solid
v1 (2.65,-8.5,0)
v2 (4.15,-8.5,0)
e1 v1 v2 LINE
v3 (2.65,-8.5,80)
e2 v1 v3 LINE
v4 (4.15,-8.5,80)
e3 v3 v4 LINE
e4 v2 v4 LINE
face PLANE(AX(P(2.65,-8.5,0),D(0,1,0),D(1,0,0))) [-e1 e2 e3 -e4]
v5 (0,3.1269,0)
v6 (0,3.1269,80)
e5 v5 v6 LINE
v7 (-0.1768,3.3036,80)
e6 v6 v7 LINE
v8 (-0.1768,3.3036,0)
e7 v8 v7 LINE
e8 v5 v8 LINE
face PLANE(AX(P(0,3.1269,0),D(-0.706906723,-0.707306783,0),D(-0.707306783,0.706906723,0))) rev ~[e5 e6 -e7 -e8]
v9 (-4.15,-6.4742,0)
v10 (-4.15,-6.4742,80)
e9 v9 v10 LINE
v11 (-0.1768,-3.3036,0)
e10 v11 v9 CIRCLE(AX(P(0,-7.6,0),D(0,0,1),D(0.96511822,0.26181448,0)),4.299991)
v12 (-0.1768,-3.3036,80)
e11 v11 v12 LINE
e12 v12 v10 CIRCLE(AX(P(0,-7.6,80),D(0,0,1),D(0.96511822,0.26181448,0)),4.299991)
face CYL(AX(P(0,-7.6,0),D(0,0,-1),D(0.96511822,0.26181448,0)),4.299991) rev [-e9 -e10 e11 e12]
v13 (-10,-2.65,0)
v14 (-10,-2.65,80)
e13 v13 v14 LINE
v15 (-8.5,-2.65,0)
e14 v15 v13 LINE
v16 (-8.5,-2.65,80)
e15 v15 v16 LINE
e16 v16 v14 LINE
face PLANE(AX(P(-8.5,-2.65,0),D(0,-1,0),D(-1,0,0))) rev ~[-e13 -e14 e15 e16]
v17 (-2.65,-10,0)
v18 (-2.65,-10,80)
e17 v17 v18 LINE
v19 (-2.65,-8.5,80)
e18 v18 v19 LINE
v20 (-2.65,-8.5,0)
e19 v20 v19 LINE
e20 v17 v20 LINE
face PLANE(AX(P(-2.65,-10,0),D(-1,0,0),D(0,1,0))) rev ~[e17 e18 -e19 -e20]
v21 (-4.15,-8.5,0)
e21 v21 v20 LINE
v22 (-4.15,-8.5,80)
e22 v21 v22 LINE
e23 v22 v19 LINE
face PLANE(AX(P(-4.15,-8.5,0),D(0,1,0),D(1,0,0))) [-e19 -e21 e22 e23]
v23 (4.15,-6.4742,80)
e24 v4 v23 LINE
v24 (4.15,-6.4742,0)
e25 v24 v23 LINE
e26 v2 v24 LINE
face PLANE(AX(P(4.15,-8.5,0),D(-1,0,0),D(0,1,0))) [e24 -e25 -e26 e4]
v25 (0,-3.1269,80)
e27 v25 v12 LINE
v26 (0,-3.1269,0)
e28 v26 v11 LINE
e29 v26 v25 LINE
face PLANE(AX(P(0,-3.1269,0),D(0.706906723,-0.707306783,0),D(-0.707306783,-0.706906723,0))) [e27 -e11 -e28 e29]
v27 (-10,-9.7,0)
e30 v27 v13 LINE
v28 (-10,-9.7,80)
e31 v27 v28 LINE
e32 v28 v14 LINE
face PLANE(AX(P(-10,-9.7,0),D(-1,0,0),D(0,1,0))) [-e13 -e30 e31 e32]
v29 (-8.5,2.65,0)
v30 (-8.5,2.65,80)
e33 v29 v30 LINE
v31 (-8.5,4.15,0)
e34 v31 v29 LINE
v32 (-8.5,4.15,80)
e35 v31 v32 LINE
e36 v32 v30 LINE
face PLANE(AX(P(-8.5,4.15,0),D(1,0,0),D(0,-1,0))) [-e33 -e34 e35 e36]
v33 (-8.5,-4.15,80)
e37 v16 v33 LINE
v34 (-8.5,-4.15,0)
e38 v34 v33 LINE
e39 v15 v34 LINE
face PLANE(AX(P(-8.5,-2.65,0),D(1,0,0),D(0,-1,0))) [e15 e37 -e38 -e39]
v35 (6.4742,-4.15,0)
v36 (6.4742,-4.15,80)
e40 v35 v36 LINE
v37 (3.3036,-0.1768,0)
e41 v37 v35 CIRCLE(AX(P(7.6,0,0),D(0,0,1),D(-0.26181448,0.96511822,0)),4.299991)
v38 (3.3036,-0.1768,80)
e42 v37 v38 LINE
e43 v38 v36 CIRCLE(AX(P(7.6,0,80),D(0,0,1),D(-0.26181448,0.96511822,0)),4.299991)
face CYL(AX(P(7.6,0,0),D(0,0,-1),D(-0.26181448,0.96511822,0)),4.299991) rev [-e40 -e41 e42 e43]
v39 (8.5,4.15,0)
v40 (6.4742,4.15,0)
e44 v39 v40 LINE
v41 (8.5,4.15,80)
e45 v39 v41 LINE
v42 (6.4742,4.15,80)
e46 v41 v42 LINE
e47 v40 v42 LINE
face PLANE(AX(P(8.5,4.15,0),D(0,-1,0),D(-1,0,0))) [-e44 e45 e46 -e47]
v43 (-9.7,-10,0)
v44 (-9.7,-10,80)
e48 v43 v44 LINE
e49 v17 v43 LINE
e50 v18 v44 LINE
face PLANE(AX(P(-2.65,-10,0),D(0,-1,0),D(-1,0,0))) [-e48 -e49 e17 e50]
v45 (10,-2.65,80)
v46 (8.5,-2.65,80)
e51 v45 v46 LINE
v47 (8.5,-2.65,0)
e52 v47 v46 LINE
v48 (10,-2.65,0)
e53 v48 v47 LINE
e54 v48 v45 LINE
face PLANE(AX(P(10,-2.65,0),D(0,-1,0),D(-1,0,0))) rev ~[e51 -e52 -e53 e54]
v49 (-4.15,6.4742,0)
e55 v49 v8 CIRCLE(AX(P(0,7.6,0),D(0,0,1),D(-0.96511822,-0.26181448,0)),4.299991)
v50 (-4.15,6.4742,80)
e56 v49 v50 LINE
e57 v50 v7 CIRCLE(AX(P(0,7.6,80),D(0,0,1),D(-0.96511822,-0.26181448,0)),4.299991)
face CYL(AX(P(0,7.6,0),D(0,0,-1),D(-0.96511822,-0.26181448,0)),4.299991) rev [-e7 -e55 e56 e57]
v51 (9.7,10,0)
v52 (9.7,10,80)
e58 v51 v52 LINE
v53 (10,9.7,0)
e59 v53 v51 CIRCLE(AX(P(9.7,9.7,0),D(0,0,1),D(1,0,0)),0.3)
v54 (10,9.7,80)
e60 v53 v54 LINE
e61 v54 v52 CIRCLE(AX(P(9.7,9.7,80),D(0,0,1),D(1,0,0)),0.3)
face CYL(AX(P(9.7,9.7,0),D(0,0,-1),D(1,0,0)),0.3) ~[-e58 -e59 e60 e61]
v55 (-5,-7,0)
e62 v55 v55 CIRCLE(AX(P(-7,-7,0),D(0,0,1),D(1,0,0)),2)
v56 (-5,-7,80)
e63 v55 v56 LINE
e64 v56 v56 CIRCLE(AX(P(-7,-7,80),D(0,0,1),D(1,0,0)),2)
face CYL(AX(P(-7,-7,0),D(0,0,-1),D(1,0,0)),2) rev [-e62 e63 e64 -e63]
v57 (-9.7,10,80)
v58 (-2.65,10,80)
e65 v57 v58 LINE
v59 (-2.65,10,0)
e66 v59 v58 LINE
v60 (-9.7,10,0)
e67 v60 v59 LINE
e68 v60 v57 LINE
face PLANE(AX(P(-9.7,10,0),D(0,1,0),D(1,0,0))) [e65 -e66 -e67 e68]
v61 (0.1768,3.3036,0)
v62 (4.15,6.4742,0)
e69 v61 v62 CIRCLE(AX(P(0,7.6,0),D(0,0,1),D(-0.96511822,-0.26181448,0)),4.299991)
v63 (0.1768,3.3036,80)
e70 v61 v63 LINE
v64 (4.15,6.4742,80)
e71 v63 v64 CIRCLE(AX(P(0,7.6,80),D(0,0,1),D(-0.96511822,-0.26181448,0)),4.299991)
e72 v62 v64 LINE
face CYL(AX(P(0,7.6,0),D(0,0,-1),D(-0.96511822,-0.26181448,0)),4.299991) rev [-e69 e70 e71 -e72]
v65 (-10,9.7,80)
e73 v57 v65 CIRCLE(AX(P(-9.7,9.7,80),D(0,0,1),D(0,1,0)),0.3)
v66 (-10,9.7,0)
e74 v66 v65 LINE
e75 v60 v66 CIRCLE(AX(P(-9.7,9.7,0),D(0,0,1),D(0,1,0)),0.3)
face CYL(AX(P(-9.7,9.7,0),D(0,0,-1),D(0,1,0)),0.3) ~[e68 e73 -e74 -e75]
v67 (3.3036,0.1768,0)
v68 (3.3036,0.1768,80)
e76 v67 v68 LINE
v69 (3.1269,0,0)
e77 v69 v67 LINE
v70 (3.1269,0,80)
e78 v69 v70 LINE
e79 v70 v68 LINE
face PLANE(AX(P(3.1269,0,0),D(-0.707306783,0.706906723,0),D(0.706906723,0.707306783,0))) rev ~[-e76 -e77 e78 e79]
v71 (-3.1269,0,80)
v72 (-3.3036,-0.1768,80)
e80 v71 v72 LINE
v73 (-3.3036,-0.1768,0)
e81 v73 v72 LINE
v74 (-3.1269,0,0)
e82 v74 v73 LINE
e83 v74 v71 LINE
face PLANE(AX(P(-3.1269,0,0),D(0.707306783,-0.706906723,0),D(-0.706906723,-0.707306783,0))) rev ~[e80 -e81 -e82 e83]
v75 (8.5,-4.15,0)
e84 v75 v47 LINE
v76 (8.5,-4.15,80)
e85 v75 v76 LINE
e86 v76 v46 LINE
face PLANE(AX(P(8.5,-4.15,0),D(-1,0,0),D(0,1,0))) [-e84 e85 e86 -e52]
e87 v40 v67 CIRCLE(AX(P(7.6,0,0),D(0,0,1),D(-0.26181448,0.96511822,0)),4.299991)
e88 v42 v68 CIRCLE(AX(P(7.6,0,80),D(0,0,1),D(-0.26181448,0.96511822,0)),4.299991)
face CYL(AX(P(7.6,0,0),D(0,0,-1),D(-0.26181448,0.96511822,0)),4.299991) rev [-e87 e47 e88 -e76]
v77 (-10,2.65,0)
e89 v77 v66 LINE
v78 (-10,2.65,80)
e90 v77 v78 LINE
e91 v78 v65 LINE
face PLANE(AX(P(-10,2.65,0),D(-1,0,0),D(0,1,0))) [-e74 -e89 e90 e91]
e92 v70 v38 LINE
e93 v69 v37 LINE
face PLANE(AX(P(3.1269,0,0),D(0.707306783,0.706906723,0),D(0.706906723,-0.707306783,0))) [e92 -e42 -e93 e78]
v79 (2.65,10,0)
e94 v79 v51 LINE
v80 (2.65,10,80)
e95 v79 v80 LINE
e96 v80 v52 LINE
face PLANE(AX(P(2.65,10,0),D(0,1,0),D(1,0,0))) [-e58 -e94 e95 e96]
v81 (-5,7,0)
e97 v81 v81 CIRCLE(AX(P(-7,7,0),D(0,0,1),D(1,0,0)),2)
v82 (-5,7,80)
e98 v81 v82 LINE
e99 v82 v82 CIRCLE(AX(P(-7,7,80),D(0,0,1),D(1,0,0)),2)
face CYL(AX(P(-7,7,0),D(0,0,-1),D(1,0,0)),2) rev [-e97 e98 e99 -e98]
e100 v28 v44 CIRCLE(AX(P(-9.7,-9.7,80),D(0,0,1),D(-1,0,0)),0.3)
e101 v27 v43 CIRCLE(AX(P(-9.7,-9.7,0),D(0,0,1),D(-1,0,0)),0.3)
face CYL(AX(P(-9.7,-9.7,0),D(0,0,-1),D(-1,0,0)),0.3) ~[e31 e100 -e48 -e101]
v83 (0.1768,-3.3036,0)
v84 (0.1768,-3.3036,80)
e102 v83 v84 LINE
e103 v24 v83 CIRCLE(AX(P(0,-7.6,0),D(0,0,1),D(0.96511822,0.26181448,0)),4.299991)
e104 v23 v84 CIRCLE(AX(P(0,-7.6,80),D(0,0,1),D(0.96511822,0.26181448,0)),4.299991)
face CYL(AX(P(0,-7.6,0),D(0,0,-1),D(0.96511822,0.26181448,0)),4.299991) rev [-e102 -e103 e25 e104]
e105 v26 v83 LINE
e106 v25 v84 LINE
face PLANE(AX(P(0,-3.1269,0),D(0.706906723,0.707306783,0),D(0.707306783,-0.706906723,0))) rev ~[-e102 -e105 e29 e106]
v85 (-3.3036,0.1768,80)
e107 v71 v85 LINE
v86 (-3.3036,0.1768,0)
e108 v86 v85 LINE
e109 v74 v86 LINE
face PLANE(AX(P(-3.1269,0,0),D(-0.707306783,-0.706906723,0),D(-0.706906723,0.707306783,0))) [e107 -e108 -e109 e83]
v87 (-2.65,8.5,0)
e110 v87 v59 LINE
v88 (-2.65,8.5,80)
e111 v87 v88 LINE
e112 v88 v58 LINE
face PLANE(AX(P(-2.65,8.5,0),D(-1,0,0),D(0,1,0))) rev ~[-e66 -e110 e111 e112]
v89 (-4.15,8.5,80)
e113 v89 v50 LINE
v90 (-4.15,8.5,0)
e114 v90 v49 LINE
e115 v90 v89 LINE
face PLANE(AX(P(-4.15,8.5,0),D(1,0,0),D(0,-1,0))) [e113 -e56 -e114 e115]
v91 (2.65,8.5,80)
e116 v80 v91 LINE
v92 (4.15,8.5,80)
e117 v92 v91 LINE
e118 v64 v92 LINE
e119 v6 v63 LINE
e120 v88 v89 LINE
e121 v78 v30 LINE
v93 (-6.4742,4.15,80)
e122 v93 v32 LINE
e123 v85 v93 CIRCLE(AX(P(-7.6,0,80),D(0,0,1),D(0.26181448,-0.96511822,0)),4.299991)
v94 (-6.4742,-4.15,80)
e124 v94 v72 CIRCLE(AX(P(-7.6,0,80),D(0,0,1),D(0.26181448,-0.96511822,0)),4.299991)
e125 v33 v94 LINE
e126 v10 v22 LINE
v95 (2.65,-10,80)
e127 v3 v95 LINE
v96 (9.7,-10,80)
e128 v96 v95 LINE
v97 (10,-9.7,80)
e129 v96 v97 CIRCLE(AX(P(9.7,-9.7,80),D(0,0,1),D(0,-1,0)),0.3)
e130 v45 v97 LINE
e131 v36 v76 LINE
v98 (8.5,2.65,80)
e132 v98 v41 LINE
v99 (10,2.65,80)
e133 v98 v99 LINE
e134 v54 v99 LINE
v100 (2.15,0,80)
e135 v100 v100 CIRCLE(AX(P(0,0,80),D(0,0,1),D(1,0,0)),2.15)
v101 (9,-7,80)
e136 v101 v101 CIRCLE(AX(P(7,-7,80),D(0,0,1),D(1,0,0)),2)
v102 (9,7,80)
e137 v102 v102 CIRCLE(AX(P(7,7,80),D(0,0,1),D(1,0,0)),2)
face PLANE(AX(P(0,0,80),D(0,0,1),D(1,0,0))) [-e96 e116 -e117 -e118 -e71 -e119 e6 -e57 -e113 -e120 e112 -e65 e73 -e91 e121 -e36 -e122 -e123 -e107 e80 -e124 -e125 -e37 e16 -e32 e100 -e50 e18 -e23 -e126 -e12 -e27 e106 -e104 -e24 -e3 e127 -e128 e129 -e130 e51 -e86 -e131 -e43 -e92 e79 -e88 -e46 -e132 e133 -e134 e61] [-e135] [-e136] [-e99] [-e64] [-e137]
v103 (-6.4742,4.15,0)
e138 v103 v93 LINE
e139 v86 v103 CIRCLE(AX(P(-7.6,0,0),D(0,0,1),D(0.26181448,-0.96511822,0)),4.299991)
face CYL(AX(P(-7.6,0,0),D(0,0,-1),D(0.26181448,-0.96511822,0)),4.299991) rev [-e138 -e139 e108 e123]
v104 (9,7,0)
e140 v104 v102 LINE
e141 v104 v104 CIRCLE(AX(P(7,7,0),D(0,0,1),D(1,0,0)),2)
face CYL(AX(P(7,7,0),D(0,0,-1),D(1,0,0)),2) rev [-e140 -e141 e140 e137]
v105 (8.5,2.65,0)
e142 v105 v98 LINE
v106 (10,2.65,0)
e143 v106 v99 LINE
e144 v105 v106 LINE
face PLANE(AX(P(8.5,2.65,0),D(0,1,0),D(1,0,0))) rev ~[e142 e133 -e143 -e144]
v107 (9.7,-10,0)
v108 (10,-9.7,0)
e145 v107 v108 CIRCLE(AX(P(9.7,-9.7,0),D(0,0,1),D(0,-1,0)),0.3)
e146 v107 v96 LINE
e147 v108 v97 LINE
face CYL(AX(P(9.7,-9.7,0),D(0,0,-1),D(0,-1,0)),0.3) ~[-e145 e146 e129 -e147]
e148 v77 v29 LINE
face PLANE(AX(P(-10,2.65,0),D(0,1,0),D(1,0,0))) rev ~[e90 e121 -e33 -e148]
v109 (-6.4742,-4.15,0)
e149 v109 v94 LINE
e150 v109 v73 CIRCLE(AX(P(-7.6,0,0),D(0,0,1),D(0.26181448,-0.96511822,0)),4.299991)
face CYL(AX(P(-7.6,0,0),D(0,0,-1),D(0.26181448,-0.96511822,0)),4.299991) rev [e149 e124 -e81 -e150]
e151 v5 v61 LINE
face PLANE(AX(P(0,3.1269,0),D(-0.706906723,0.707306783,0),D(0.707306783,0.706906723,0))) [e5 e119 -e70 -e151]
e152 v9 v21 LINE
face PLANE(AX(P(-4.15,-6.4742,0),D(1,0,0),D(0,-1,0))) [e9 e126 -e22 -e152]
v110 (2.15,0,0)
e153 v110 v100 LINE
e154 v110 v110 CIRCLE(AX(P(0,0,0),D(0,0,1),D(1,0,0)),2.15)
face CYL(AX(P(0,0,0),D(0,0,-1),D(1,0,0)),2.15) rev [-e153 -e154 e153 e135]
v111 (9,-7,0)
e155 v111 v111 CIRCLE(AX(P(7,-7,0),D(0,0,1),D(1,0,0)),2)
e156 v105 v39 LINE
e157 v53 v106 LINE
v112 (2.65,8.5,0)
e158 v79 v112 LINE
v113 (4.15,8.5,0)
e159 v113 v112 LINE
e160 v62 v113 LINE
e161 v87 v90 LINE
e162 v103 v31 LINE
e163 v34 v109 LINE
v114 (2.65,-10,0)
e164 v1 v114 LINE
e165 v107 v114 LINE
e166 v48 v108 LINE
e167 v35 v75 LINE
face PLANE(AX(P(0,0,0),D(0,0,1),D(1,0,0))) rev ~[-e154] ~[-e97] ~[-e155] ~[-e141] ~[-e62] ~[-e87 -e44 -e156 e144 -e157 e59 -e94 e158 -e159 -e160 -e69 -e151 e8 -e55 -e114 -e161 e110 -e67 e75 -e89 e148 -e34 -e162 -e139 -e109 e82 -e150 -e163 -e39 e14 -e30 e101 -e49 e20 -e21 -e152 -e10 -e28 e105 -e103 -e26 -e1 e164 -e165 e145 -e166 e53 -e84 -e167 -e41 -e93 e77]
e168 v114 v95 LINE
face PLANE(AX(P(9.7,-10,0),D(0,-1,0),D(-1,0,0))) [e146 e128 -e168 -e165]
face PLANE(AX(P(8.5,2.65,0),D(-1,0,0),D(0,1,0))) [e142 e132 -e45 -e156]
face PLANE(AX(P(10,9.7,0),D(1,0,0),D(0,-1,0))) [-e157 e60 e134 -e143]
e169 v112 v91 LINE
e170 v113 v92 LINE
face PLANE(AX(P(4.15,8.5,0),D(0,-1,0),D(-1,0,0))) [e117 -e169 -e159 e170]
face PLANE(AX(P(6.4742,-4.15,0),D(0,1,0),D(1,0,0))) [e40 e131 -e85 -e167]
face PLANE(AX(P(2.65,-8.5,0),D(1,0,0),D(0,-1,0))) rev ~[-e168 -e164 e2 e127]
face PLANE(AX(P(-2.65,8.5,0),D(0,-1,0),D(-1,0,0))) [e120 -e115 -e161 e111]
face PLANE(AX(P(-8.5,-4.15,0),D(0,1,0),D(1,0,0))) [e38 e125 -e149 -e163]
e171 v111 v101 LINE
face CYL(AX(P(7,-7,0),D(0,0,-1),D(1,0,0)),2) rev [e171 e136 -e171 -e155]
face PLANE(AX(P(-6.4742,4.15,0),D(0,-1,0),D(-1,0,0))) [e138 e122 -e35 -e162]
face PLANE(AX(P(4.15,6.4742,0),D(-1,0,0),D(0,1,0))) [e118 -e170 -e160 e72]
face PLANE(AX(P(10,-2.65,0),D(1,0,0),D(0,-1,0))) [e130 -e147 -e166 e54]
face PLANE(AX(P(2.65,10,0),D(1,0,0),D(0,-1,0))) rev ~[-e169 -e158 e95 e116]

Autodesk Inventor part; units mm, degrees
ref_plane "YZ Plane" through (0, 0, 0) normal (1, 0, 0) x (0, 1, 0)
ref_plane "XZ Plane" through (0, 0, 0) normal (0, 1, 0) x (-1, 0, 0)
ref_plane "XY Plane" through (0, 0, 0) normal (0, 0, 1) x (1, 0, 0)
sketch "스케치1" plane through (0, 0, 0) normal (0, 0, 1) x (1, 0, 0)
  line L0 (9.7, -10) -> (-9.7, -10)
  line L1 (-10, -9.7) -> (-10, 9.7)
  line L2 (-9.7, 10) -> (9.7, 10)
  line L3 (10, 9.7) -> (10, -9.7)
  line L4 (10, -10) -> (-10, 10) construction
  line L5 (-10, -10) -> (10, 10) construction
  line L6 (7, -7) -> (-7, -7) construction
  line L7 (-7, -7) -> (-7, 7) construction
  line L8 (-7, 7) -> (7, 7) construction
  line L9 (7, 7) -> (7, -7) construction
  line L10 (7, -7) -> (-7, 7) construction
  line L11 (-7, -7) -> (7, 7) construction
  circle A0 centre (-7, 7) radius 2
  circle A1 centre (0, 0) radius 2.15
  arc A2 (9.7, -10) -> (10, -9.7) centre (9.7, -9.7) ccw
  arc A3 (-10, -9.7) -> (-9.7, -10) centre (-9.7, -9.7) ccw
  arc A4 (-9.7, 10) -> (-10, 9.7) centre (-9.7, 9.7) ccw
  arc A5 (10, 9.7) -> (9.7, 10) centre (9.7, 9.7) ccw
  line L12 (0, 10) -> (0, -10) construction
  line L13 (10, 0) -> (-10, 0) construction
  line L14 (2.65, -10) -> (-2.65, -10)
  line L15 (-2.65, -10) -> (-2.65, -8.5)
  line L16 (-2.65, -8.5) -> (2.65, -8.5)
  line L17 (2.65, -8.5) -> (2.65, -10)
  line L18 (4.15, -3.3) -> (-4.15, -3.3) construction
  line L19 (-4.15, -3.3) -> (-4.15, -8.5) construction
  line L20 (-4.15, -8.5) -> (4.15, -8.5)
  line L21 (4.15, -8.5) -> (4.15, -3.3) construction
  arc A6 (4.15, -6.4742) -> (-4.15, -6.4742) centre (0, -7.6) ccw
  line L22 (42.9153, -82.9009) -> (54.7664, -82.9009) construction
  line L23 (54.7664, -82.9009) -> (54.7664, -95.6544) construction
  line L24 (54.7664, -95.6544) -> (42.9153, -95.6544) construction
  line L25 (42.9153, -95.6544) -> (42.9153, -82.9009) construction
  arc A7 (44.9755, -91.1725) -> (50.2986, -91.1614) centre (47.6297, -87.6532) ccw
  line L26 (0, -3.1269) -> (-0.1768, -3.3036)
  line L27 (0, -3.1269) -> (0, -3.3) construction
  line L28 (0, -3.1269) -> (0.1731, -3.1269) construction
  line L29 (47.4573, -92.1078) -> (47.6389, -92.3063)
  line L30 (0, -3.1269) -> (0.1768, -3.3036)
  line L31 (-4.15, -6.4742) -> (-4.15, -8.5)
  line L32 (4.15, -8.5) -> (4.15, -6.4742)
  arc A8 (6.4742, 4.15) -> (6.4742, -4.15) centre (7.6, 0) ccw
  line L33 (8.5, 4.15) -> (6.4742, 4.15)
  line L34 (3.3, -4.15) -> (8.5, -4.15) construction
  line L35 (6.4742, -4.15) -> (8.5, -4.15)
  line L36 (8.5, -4.15) -> (8.5, 4.15)
  line L37 (10, -2.65) -> (8.5, -2.65)
  line L38 (8.5, 2.65) -> (10, 2.65)
  line L39 (3.1269, 0) -> (3.3036, -0.1768)
  line L40 (3.1269, 0) -> (3.3036, 0.1768)
  arc A9 (-4.15, 6.4742) -> (4.15, 6.4742) centre (0, 7.6) ccw
  line L41 (-4.15, 8.5) -> (-4.15, 6.4742)
  line L42 (4.15, 3.3) -> (4.15, 8.5) construction
  line L43 (4.15, 6.4742) -> (4.15, 8.5)
  line L44 (4.15, 8.5) -> (-4.15, 8.5)
  line L45 (2.65, 10) -> (2.65, 8.5)
  line L46 (-2.65, 8.5) -> (-2.65, 10)
  line L47 (0, 3.1269) -> (0.1768, 3.3036)
  line L48 (0, 3.1269) -> (-0.1768, 3.3036)
  arc A10 (-6.4742, -4.15) -> (-6.4742, 4.15) centre (-7.6, 0) ccw
  line L49 (-8.5, -4.15) -> (-6.4742, -4.15)
  line L50 (-3.3, 4.15) -> (-8.5, 4.15) construction
  line L51 (-6.4742, 4.15) -> (-8.5, 4.15)
  line L52 (-8.5, 4.15) -> (-8.5, -4.15)
  line L53 (-10, 2.65) -> (-8.5, 2.65)
  line L54 (-8.5, -2.65) -> (-10, -2.65)
  line L55 (-3.1269, 0) -> (-3.3036, 0.1768)
  line L56 (-3.1269, 0) -> (-3.3036, -0.1768)
  circle A11 centre (-7, -7) radius 2
  circle A12 centre (7, -7) radius 2
  circle A13 centre (7, 7) radius 2
  point P0 (3.3, 0)
  point P1 (0, 3.3)
  point P2 (-3.3, 0)
  point P3 (6.4742, -4.15)
  point P4 (4.15, 6.4742)
  point P5 (-6.4742, 4.15)
  point P6 (-4.15, -6.4742)
  dimension "d0" = 20
  dimension "d1" = 20
  dimension "d2" = 14
  dimension "d3" = 14
  dimension "d4" = 4
  dimension "d5" = 4.3
  dimension "d6" = 0.3
  dimension "d7" = 5.3
  dimension "d8" = 1.5
  dimension "d9" = 6.7
  dimension "d10" = 8.3
  dimension "d11" = 4.3
  dimension "d28" = 0.25
  dimension "d30" = 90
  dimension "d37" = 45
  dimension "d41" = 360
  dimension "d48" = 360
extrude "돌출1" add sketch "스케치1" along normal blind 80 contours L0 L17 L20 L32 A6 L30 L26 L31 L15 A3 L1 L54 L52 L49 A10 L56 L55 L51 L53 A4 L2 L46 L44 L41 A9 L48 L47 L43 L45 A5 L3 L38 L36 L33 A8 L40 L39 L35 L37 A2
properties part number "profile"
